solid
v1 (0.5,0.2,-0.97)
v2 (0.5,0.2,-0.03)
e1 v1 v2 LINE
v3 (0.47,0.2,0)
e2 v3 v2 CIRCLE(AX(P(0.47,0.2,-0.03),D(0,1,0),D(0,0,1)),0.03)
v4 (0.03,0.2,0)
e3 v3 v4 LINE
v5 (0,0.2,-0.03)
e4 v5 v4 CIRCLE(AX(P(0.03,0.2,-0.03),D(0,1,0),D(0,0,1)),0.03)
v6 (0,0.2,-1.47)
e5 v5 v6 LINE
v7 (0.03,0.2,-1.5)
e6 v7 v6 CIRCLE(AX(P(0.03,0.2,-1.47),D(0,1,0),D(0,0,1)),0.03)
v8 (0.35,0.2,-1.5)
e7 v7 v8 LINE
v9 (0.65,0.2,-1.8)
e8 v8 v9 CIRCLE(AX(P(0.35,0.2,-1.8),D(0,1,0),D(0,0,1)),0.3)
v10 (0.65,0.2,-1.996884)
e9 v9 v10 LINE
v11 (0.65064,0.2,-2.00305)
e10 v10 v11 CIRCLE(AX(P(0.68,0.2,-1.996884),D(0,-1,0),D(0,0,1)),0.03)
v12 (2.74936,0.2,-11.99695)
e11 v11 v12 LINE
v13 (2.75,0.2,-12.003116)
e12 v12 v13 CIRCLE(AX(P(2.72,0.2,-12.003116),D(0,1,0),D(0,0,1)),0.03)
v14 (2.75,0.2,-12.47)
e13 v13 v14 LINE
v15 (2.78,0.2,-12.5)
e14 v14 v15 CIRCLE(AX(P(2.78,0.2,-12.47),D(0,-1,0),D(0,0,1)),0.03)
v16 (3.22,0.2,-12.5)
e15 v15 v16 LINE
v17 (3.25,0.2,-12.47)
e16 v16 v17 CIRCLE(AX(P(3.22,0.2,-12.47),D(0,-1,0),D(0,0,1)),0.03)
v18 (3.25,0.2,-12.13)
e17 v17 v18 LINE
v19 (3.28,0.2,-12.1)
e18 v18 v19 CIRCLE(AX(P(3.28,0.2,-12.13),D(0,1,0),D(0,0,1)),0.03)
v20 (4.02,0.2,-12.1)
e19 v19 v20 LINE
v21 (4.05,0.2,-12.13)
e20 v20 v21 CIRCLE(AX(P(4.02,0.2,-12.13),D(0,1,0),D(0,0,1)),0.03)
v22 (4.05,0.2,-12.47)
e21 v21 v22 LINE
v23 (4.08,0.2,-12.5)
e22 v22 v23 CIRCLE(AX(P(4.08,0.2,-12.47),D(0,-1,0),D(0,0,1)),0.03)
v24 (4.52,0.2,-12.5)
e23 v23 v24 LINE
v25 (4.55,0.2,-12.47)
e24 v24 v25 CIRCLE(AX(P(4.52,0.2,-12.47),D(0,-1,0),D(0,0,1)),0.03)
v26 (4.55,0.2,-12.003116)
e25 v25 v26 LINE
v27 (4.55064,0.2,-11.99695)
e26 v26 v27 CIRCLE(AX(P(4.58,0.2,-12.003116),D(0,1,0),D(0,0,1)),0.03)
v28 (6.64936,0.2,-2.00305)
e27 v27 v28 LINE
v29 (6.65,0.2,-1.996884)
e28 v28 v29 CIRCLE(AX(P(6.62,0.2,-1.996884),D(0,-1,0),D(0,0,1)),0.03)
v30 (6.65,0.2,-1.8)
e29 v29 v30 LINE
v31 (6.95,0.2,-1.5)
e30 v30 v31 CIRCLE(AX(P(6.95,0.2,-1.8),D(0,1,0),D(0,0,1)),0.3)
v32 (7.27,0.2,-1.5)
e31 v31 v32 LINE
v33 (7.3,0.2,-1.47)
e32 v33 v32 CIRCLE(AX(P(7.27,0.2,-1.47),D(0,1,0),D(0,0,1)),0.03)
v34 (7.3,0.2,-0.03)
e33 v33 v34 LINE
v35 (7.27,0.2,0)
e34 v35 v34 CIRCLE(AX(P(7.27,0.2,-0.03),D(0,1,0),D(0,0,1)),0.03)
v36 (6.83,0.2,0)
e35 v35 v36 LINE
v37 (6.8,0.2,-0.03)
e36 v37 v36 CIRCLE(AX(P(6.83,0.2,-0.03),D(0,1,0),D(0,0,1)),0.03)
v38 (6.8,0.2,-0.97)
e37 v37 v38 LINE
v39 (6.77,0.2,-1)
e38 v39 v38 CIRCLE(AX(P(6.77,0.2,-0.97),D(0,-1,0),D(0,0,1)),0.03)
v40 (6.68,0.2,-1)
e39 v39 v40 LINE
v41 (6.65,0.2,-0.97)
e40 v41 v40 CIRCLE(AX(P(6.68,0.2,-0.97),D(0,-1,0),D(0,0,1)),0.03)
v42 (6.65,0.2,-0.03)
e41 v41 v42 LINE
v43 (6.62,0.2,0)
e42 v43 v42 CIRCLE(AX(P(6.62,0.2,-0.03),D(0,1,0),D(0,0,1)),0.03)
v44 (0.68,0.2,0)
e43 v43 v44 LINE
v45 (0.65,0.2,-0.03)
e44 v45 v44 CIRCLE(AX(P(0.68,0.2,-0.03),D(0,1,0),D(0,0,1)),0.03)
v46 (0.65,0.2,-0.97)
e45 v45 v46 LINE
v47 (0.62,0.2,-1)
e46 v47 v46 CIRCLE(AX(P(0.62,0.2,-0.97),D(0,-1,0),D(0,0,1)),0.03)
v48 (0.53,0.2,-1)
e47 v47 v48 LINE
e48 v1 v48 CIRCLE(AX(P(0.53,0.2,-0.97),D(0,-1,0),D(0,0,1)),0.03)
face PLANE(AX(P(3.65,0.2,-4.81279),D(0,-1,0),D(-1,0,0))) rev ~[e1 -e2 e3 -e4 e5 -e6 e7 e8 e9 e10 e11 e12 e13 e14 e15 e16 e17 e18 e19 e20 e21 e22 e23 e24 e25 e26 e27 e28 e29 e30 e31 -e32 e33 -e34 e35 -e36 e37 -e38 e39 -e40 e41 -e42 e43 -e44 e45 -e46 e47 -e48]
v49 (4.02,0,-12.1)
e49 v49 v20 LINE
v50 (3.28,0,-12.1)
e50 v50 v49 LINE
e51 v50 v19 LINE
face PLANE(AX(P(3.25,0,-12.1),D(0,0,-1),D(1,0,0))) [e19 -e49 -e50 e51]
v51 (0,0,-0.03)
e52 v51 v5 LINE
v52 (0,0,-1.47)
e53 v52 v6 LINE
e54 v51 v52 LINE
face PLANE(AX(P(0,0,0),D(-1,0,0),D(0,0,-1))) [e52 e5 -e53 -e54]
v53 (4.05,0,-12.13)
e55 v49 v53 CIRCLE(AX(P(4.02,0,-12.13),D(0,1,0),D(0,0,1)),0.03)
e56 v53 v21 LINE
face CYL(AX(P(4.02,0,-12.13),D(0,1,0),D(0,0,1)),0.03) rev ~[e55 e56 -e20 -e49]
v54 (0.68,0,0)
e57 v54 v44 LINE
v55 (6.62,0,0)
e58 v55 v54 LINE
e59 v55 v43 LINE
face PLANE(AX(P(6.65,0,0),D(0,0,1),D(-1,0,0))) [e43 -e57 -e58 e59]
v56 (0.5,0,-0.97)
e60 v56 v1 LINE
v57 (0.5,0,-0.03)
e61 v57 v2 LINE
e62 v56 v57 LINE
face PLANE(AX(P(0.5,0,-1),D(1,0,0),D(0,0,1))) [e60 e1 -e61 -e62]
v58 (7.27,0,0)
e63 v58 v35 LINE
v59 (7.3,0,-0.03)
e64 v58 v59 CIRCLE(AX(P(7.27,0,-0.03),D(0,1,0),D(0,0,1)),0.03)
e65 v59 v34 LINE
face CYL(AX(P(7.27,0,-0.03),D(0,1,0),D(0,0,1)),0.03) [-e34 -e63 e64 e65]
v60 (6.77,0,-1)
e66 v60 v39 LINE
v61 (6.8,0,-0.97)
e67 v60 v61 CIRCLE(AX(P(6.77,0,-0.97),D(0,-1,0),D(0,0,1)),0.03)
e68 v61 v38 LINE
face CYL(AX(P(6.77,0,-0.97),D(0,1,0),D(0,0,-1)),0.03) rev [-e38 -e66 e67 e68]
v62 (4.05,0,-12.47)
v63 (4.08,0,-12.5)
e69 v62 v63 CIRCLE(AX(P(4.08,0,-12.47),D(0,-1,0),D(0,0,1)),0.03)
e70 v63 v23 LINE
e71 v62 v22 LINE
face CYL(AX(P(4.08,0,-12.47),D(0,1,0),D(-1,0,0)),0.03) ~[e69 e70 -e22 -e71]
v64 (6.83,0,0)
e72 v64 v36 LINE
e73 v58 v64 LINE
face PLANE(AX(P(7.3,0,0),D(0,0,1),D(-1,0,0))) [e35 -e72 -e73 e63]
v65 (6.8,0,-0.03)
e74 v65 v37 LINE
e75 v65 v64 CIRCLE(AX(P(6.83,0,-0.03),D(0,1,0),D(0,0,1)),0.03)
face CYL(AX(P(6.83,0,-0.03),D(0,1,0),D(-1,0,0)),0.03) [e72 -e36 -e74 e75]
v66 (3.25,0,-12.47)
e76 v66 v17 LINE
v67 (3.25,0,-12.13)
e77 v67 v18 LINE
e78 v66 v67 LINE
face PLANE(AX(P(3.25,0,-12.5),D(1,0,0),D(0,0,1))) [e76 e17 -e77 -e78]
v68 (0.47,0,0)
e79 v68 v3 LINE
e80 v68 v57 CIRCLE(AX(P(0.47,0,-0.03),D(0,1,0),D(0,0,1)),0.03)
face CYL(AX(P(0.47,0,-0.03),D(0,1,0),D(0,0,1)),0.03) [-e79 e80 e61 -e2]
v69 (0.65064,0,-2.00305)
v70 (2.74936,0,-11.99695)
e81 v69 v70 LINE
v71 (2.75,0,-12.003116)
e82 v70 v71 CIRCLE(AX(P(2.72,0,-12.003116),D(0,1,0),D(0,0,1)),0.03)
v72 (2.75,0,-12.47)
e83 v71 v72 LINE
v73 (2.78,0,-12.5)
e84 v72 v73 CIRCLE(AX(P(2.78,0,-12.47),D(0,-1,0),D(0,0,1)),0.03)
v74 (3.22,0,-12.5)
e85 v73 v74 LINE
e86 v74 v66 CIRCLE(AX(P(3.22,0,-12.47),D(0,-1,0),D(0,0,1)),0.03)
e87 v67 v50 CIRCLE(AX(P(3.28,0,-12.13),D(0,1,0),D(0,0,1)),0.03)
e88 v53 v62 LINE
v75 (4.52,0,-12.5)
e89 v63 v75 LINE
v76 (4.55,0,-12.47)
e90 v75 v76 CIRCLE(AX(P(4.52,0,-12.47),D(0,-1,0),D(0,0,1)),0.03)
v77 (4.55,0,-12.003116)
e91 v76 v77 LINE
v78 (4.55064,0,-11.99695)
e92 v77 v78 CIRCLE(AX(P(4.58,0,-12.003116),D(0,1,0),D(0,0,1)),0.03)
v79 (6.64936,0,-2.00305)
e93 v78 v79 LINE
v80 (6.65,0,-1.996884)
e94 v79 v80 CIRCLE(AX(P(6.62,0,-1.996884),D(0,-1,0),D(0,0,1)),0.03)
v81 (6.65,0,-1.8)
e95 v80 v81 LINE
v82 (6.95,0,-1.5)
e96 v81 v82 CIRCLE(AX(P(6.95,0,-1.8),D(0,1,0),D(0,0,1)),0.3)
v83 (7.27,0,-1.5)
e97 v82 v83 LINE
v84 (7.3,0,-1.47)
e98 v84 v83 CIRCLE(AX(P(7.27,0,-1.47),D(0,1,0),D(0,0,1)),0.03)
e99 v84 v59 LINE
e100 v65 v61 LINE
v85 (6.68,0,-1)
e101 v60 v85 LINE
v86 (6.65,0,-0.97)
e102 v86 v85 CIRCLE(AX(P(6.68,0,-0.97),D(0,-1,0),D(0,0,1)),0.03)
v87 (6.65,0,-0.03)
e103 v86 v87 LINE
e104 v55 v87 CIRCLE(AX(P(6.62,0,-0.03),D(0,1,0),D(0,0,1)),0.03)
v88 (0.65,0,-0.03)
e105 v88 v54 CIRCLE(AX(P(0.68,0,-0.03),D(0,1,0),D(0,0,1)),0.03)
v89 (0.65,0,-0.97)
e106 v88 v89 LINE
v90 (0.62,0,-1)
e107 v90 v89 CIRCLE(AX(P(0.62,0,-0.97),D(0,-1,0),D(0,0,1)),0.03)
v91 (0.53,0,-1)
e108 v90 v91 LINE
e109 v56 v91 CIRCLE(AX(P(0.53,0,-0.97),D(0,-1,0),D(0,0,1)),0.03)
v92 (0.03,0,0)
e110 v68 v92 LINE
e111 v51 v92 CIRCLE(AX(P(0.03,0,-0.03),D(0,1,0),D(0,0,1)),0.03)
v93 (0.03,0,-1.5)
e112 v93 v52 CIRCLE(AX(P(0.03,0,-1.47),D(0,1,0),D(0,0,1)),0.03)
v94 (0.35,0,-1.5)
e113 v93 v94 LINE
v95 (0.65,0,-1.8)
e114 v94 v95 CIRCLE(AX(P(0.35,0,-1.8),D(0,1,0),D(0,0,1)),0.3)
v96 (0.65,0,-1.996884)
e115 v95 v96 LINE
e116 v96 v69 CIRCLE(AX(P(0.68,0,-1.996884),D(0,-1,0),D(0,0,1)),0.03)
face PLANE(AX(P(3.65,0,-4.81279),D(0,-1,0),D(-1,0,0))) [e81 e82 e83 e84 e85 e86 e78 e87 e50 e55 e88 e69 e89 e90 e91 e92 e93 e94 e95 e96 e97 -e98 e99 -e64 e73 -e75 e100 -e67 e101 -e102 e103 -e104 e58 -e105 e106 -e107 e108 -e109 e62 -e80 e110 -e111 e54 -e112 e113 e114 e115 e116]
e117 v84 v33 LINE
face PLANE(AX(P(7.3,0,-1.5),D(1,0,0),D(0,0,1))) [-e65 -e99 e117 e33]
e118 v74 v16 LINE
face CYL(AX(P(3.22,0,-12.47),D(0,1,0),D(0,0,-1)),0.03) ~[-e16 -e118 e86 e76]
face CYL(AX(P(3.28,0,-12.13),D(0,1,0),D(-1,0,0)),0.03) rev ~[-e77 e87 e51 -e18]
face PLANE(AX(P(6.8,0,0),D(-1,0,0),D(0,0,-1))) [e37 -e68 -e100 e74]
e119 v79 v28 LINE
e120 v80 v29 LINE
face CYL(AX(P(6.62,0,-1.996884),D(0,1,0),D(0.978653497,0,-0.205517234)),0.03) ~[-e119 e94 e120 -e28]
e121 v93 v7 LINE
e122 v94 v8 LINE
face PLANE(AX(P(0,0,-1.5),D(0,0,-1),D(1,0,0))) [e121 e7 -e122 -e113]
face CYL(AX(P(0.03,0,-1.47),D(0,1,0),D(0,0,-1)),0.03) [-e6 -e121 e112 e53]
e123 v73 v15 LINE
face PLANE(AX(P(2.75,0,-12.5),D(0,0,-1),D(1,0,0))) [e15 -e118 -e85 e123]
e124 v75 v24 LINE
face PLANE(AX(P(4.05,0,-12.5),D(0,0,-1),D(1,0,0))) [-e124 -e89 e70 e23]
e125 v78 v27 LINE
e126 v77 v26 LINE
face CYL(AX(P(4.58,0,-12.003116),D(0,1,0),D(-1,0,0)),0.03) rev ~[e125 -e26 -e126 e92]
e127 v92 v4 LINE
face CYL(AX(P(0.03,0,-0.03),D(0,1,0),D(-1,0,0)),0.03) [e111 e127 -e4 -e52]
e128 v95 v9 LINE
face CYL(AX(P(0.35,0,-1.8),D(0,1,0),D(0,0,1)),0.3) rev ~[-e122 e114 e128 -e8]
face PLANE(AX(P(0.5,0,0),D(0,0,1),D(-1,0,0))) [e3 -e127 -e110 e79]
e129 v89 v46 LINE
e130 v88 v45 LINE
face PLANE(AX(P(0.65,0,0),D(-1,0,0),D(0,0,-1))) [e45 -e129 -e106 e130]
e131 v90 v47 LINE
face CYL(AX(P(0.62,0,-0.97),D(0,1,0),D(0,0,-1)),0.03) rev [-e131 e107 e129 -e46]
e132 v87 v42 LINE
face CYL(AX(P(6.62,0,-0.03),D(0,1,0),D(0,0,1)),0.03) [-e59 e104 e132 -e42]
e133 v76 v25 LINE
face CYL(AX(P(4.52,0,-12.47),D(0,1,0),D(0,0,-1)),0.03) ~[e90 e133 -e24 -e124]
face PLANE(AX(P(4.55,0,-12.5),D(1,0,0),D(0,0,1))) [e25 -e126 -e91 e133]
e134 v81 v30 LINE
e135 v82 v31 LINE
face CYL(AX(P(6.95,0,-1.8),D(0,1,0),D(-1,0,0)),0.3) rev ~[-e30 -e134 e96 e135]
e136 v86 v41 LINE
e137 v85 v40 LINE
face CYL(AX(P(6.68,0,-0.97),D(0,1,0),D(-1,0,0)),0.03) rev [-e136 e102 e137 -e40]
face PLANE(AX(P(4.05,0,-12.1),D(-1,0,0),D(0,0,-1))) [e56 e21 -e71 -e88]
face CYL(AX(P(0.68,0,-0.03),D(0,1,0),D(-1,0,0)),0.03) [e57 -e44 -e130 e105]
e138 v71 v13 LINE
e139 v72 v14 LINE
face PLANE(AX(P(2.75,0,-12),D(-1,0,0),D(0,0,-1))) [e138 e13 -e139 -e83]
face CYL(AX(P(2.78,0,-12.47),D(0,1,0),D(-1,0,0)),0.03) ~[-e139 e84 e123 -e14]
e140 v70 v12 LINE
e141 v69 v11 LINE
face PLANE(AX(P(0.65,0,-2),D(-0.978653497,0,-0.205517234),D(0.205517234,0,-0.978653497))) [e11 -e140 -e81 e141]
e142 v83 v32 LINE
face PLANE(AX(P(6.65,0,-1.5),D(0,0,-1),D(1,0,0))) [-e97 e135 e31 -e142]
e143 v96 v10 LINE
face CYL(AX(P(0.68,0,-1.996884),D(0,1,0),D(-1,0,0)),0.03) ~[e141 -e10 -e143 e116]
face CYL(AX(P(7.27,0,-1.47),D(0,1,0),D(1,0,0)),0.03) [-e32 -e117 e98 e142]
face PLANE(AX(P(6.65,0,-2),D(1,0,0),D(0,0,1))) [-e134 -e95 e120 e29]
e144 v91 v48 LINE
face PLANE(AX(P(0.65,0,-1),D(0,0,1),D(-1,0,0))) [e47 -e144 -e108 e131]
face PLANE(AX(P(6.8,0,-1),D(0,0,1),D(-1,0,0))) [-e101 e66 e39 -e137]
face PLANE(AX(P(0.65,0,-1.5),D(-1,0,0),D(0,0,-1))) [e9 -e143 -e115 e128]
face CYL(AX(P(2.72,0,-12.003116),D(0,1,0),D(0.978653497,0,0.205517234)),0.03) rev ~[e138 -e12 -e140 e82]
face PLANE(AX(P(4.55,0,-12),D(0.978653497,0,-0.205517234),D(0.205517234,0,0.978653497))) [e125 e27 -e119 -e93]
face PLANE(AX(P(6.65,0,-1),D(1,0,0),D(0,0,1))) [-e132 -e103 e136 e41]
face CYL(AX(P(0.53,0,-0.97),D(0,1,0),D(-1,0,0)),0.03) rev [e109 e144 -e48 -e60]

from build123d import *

# Parameters (mm, degrees)
BOSS_EXTRUDE1_DEPTH = 0.2
FILLET1_R           = 0.3
FILLET2_R           = 0.03


with BuildPart() as part:
    # Sketch1 → Boss-Extrude1 (new body)
    with BuildSketch(Plane(origin=(0, 0, 0), x_dir=(1, 0, 0), z_dir=(0, 1, 0))):
        Polygon((0, 0), (0, 1.5), (0.65, 1.5), (0.65, 2), (2.75, 12), (2.75, 12.5), (3.25, 12.5), (3.25, 12.1), (4.05, 12.1), (4.05, 12.5), (4.55, 12.5), (4.55, 12), (6.65, 2), (6.65, 1.5), (7.3, 1.5), (7.3, 0), (6.8, 0), (6.8, 1), (6.65, 1), (6.65, 0), (0.65, 0), (0.65, 1), (0.5, 1), (0.5, 0), align=None)
    extrude(amount=BOSS_EXTRUDE1_DEPTH)

    # Fillet1
    fillet1_edges = [part.edges().sort_by_distance(p)[0] for p in [
        (0.65, 0.1, -1.5),
        (6.65, 0.1, -1.5),
    ]]
    fillet(fillet1_edges, radius=FILLET1_R)

    # Fillet2
    fillet2_edges = [part.edges().sort_by_distance(p)[0] for p in [
        (0, 0.1, 0),
        (0, 0.1, -1.5),
        (0.65, 0.1, -2),
        (2.75, 0.1, -12),
        (2.75, 0.1, -12.5),
        (3.25, 0.1, -12.5),
        (3.25, 0.1, -12.1),
        (4.05, 0.1, -12.1),
        (4.05, 0.1, -12.5),
        (4.55, 0.1, -12.5),
        (4.55, 0.1, -12),
        (6.65, 0.1, -2),
        (7.3, 0.1, -1.5),
        (7.3, 0.1, 0),
        (6.8, 0.1, 0),
        (6.8, 0.1, -1),
        (6.65, 0.1, -1),
        (6.65, 0.1, 0),
        (0.65, 0.1, 0),
        (0.65, 0.1, -1),
        (0.5, 0.1, -1),
        (0.5, 0.1, 0),
    ]]
    fillet(fillet2_edges, radius=FILLET2_R)


solid = part.part
